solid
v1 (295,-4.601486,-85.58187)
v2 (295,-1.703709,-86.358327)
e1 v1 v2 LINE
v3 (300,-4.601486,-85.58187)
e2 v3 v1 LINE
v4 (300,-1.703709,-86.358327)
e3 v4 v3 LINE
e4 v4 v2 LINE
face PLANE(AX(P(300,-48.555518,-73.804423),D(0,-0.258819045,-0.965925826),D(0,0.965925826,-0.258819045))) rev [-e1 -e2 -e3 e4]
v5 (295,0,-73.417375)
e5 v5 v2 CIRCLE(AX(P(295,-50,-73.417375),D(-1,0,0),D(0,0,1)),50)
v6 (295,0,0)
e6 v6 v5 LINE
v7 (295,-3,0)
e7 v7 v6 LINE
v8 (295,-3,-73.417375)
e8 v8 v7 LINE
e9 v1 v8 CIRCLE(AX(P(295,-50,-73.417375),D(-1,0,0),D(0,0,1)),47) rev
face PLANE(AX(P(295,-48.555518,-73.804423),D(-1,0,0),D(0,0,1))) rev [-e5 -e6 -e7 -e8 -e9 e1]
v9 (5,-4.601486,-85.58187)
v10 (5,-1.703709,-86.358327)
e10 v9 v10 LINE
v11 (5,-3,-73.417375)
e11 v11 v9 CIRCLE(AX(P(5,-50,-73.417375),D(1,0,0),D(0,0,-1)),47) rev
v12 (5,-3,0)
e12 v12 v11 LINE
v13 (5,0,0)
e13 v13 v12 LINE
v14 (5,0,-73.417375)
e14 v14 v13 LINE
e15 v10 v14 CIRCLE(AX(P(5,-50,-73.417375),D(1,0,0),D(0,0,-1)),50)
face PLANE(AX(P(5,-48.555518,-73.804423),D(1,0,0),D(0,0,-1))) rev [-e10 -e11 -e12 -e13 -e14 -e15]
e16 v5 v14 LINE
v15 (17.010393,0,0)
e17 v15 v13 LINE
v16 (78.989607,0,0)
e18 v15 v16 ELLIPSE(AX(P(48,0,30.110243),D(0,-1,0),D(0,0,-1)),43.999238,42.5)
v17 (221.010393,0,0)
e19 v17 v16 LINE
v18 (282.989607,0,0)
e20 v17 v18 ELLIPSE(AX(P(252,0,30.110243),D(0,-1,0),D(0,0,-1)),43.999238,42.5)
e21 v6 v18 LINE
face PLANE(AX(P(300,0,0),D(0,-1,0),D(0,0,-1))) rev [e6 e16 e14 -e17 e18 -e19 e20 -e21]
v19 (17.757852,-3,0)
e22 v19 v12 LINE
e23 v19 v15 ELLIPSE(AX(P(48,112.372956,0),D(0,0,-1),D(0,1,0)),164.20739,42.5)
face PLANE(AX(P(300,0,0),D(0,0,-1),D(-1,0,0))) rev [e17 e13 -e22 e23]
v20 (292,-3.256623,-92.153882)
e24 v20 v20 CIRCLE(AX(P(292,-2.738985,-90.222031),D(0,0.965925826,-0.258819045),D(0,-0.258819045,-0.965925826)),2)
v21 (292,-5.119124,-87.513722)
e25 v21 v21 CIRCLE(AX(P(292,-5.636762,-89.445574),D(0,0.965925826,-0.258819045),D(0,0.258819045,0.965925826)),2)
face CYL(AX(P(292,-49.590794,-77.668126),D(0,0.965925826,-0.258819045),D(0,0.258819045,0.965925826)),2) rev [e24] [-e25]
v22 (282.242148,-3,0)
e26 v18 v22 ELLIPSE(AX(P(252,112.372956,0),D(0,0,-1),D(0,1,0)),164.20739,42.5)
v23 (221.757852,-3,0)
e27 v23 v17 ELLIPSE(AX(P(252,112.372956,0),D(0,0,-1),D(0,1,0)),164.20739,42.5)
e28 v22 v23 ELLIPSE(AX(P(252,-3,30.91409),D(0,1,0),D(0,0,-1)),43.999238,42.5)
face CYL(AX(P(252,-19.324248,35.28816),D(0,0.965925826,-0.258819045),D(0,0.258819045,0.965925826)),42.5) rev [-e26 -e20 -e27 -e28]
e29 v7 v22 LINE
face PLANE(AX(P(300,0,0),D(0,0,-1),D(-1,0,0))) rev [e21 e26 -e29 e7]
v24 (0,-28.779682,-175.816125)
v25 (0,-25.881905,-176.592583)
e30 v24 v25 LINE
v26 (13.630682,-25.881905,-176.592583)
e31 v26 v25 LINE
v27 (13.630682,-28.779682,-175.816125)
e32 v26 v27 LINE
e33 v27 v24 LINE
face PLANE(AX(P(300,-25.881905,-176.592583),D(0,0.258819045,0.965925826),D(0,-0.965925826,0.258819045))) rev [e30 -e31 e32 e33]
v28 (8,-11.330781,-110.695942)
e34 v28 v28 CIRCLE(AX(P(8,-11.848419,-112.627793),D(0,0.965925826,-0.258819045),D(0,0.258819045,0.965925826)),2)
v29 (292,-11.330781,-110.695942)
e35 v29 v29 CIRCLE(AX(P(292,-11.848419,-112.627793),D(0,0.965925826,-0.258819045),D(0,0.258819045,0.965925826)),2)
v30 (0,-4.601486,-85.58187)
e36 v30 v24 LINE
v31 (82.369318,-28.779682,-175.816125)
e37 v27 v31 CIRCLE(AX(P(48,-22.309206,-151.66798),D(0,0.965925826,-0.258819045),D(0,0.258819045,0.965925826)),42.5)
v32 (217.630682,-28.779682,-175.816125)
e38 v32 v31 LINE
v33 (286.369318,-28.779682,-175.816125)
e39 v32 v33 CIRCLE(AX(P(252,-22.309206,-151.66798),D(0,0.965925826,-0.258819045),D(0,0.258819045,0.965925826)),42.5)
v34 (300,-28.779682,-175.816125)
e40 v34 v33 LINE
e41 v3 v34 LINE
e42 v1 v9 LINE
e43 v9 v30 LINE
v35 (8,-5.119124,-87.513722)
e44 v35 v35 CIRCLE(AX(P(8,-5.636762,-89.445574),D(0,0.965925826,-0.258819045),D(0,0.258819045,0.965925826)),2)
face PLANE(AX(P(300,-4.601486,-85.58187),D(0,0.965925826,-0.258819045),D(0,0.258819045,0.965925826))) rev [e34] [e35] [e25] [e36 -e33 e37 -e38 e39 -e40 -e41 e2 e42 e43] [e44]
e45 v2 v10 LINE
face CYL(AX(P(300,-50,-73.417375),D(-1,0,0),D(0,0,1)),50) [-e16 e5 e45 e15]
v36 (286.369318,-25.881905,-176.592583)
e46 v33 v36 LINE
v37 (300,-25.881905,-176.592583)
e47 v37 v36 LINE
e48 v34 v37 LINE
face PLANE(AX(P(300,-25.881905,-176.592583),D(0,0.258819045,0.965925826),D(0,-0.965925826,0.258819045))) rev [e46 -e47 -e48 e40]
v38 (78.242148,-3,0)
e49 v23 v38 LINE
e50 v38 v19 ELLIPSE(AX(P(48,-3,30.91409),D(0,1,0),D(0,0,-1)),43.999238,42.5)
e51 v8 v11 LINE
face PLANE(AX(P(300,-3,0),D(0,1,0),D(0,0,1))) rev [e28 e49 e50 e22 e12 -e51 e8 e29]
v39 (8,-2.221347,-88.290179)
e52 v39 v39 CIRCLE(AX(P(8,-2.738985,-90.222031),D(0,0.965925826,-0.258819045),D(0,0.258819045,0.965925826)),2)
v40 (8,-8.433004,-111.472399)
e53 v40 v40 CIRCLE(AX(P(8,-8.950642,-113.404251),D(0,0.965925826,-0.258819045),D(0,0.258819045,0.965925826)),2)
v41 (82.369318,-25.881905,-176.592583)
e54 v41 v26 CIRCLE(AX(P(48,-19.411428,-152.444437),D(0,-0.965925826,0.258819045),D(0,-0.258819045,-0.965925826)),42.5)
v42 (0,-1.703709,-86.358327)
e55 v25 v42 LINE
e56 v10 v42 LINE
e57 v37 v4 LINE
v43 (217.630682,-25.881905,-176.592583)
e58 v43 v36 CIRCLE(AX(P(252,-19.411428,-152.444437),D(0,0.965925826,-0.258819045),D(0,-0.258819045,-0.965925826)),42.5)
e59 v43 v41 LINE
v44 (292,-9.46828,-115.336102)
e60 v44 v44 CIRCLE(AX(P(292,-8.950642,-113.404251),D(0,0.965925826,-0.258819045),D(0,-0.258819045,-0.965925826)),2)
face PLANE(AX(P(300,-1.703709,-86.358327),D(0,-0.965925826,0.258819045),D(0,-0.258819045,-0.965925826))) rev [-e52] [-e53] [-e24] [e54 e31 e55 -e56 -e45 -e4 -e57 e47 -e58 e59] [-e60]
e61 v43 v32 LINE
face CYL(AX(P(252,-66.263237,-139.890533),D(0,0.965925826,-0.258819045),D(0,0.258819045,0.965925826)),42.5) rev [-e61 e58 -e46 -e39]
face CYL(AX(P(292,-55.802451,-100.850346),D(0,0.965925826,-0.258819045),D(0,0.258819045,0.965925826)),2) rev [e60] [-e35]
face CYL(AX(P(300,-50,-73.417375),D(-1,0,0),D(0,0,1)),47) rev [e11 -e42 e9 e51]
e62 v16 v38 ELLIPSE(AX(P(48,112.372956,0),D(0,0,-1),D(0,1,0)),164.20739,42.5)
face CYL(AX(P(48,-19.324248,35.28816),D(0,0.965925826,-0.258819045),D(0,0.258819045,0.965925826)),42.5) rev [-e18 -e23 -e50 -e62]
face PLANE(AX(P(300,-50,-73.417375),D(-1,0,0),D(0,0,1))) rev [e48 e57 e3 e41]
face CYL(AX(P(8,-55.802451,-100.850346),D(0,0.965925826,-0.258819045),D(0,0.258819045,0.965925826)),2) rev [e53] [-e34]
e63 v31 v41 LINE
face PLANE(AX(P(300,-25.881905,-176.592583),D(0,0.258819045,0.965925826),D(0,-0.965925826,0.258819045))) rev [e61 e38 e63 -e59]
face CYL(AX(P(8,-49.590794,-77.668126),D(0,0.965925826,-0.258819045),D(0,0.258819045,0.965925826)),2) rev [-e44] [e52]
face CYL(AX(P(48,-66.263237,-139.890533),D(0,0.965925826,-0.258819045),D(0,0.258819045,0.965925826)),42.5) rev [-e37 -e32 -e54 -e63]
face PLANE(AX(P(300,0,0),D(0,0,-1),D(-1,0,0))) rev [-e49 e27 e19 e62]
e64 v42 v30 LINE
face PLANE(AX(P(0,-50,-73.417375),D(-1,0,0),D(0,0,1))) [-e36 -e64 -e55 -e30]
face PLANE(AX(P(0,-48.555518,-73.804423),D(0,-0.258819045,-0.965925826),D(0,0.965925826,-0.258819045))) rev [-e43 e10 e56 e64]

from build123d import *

# Parameters (mm, degrees)
BOSS_EXTRUDE1_DEPTH = 300
SKETCH2_R           = 42.5
SKETCH2_W           = 5
SKETCH2_H           = 83.856690982
CUT_EXTRUDE1_DEPTH  = 349.855848061
SKETCH3_R           = 2
CUT_EXTRUDE2_DEPTH  = 349.855848061


with BuildPart() as part:
    # Sketch1 → Boss-Extrude1 (new body)
    with BuildSketch(Plane(origin=(0, 0, 0), x_dir=(0, 0, -1), z_dir=(1, 0, 0))):
        with BuildLine():
            Line((0, 0), (73.417375121, 0))
            ThreePointArc((73.417375121, 0), (79.943684732, -0.427756931), (86.358327376, -1.703708686))
            Line((86.358327376, -1.703708686), (176.592582629, -25.88190451))
            Line((176.592582629, -25.88190451), (175.816125494, -28.779681989))
            Line((175.816125494, -28.779681989), (85.58187024, -4.601486164))
            ThreePointArc((85.58187024, -4.601486164), (79.552106155, -3.402091515), (73.417375121, -3))
            Line((73.417375121, -3), (0, -3))
            Line((0, -3), (0, 0))
        make_face()
    extrude(amount=BOSS_EXTRUDE1_DEPTH)

    # Sketch2 → Cut-Extrude1 (cut, through all)
    with BuildSketch(Plane(origin=(0, 20, -5.358983849), x_dir=(1, 0, 0), z_dir=(0, 0.9659258262890681, -0.25881904510252174))):
        with Locations((48, 152.274066103)):
            Circle(SKETCH2_R)
        with Locations((252, 152.274066103)):
            Circle(SKETCH2_R)
        with Locations((48, -29.084261273)):
            Circle(SKETCH2_R)
        with Locations((252, -29.084261273)):
            Circle(SKETCH2_R)
        with Locations((2.5, 41.928345491)):
            Rectangle(SKETCH2_W, SKETCH2_H)
        with Locations((297.5, 41.928345491)):
            Rectangle(SKETCH2_W, SKETCH2_H)
    extrude(amount=-CUT_EXTRUDE1_DEPTH, mode=Mode.SUBTRACT)

    # Sketch3 → Cut-Extrude2 (cut, through all)
    with BuildSketch(Plane(origin=(0, 20, -5.358983849), x_dir=(1, 0, 0), z_dir=(0, 0.9659258262890681, -0.25881904510252174))):
        with Locations(Location((8, 87.856690982, 0), (0, 0, 270))):
            Circle(SKETCH3_R)
        with Locations(Location((8, 111.856690982, 0), (0, 0, 270))):
            Circle(SKETCH3_R)
        with Locations(Location((292, 87.856690982, 0), (0, 0, 270))):
            Circle(SKETCH3_R)
        with Locations(Location((292, 111.856690982, 0), (0, 0, 270))):
            Circle(SKETCH3_R)
    extrude(amount=-CUT_EXTRUDE2_DEPTH, mode=Mode.SUBTRACT)


solid = part.part
